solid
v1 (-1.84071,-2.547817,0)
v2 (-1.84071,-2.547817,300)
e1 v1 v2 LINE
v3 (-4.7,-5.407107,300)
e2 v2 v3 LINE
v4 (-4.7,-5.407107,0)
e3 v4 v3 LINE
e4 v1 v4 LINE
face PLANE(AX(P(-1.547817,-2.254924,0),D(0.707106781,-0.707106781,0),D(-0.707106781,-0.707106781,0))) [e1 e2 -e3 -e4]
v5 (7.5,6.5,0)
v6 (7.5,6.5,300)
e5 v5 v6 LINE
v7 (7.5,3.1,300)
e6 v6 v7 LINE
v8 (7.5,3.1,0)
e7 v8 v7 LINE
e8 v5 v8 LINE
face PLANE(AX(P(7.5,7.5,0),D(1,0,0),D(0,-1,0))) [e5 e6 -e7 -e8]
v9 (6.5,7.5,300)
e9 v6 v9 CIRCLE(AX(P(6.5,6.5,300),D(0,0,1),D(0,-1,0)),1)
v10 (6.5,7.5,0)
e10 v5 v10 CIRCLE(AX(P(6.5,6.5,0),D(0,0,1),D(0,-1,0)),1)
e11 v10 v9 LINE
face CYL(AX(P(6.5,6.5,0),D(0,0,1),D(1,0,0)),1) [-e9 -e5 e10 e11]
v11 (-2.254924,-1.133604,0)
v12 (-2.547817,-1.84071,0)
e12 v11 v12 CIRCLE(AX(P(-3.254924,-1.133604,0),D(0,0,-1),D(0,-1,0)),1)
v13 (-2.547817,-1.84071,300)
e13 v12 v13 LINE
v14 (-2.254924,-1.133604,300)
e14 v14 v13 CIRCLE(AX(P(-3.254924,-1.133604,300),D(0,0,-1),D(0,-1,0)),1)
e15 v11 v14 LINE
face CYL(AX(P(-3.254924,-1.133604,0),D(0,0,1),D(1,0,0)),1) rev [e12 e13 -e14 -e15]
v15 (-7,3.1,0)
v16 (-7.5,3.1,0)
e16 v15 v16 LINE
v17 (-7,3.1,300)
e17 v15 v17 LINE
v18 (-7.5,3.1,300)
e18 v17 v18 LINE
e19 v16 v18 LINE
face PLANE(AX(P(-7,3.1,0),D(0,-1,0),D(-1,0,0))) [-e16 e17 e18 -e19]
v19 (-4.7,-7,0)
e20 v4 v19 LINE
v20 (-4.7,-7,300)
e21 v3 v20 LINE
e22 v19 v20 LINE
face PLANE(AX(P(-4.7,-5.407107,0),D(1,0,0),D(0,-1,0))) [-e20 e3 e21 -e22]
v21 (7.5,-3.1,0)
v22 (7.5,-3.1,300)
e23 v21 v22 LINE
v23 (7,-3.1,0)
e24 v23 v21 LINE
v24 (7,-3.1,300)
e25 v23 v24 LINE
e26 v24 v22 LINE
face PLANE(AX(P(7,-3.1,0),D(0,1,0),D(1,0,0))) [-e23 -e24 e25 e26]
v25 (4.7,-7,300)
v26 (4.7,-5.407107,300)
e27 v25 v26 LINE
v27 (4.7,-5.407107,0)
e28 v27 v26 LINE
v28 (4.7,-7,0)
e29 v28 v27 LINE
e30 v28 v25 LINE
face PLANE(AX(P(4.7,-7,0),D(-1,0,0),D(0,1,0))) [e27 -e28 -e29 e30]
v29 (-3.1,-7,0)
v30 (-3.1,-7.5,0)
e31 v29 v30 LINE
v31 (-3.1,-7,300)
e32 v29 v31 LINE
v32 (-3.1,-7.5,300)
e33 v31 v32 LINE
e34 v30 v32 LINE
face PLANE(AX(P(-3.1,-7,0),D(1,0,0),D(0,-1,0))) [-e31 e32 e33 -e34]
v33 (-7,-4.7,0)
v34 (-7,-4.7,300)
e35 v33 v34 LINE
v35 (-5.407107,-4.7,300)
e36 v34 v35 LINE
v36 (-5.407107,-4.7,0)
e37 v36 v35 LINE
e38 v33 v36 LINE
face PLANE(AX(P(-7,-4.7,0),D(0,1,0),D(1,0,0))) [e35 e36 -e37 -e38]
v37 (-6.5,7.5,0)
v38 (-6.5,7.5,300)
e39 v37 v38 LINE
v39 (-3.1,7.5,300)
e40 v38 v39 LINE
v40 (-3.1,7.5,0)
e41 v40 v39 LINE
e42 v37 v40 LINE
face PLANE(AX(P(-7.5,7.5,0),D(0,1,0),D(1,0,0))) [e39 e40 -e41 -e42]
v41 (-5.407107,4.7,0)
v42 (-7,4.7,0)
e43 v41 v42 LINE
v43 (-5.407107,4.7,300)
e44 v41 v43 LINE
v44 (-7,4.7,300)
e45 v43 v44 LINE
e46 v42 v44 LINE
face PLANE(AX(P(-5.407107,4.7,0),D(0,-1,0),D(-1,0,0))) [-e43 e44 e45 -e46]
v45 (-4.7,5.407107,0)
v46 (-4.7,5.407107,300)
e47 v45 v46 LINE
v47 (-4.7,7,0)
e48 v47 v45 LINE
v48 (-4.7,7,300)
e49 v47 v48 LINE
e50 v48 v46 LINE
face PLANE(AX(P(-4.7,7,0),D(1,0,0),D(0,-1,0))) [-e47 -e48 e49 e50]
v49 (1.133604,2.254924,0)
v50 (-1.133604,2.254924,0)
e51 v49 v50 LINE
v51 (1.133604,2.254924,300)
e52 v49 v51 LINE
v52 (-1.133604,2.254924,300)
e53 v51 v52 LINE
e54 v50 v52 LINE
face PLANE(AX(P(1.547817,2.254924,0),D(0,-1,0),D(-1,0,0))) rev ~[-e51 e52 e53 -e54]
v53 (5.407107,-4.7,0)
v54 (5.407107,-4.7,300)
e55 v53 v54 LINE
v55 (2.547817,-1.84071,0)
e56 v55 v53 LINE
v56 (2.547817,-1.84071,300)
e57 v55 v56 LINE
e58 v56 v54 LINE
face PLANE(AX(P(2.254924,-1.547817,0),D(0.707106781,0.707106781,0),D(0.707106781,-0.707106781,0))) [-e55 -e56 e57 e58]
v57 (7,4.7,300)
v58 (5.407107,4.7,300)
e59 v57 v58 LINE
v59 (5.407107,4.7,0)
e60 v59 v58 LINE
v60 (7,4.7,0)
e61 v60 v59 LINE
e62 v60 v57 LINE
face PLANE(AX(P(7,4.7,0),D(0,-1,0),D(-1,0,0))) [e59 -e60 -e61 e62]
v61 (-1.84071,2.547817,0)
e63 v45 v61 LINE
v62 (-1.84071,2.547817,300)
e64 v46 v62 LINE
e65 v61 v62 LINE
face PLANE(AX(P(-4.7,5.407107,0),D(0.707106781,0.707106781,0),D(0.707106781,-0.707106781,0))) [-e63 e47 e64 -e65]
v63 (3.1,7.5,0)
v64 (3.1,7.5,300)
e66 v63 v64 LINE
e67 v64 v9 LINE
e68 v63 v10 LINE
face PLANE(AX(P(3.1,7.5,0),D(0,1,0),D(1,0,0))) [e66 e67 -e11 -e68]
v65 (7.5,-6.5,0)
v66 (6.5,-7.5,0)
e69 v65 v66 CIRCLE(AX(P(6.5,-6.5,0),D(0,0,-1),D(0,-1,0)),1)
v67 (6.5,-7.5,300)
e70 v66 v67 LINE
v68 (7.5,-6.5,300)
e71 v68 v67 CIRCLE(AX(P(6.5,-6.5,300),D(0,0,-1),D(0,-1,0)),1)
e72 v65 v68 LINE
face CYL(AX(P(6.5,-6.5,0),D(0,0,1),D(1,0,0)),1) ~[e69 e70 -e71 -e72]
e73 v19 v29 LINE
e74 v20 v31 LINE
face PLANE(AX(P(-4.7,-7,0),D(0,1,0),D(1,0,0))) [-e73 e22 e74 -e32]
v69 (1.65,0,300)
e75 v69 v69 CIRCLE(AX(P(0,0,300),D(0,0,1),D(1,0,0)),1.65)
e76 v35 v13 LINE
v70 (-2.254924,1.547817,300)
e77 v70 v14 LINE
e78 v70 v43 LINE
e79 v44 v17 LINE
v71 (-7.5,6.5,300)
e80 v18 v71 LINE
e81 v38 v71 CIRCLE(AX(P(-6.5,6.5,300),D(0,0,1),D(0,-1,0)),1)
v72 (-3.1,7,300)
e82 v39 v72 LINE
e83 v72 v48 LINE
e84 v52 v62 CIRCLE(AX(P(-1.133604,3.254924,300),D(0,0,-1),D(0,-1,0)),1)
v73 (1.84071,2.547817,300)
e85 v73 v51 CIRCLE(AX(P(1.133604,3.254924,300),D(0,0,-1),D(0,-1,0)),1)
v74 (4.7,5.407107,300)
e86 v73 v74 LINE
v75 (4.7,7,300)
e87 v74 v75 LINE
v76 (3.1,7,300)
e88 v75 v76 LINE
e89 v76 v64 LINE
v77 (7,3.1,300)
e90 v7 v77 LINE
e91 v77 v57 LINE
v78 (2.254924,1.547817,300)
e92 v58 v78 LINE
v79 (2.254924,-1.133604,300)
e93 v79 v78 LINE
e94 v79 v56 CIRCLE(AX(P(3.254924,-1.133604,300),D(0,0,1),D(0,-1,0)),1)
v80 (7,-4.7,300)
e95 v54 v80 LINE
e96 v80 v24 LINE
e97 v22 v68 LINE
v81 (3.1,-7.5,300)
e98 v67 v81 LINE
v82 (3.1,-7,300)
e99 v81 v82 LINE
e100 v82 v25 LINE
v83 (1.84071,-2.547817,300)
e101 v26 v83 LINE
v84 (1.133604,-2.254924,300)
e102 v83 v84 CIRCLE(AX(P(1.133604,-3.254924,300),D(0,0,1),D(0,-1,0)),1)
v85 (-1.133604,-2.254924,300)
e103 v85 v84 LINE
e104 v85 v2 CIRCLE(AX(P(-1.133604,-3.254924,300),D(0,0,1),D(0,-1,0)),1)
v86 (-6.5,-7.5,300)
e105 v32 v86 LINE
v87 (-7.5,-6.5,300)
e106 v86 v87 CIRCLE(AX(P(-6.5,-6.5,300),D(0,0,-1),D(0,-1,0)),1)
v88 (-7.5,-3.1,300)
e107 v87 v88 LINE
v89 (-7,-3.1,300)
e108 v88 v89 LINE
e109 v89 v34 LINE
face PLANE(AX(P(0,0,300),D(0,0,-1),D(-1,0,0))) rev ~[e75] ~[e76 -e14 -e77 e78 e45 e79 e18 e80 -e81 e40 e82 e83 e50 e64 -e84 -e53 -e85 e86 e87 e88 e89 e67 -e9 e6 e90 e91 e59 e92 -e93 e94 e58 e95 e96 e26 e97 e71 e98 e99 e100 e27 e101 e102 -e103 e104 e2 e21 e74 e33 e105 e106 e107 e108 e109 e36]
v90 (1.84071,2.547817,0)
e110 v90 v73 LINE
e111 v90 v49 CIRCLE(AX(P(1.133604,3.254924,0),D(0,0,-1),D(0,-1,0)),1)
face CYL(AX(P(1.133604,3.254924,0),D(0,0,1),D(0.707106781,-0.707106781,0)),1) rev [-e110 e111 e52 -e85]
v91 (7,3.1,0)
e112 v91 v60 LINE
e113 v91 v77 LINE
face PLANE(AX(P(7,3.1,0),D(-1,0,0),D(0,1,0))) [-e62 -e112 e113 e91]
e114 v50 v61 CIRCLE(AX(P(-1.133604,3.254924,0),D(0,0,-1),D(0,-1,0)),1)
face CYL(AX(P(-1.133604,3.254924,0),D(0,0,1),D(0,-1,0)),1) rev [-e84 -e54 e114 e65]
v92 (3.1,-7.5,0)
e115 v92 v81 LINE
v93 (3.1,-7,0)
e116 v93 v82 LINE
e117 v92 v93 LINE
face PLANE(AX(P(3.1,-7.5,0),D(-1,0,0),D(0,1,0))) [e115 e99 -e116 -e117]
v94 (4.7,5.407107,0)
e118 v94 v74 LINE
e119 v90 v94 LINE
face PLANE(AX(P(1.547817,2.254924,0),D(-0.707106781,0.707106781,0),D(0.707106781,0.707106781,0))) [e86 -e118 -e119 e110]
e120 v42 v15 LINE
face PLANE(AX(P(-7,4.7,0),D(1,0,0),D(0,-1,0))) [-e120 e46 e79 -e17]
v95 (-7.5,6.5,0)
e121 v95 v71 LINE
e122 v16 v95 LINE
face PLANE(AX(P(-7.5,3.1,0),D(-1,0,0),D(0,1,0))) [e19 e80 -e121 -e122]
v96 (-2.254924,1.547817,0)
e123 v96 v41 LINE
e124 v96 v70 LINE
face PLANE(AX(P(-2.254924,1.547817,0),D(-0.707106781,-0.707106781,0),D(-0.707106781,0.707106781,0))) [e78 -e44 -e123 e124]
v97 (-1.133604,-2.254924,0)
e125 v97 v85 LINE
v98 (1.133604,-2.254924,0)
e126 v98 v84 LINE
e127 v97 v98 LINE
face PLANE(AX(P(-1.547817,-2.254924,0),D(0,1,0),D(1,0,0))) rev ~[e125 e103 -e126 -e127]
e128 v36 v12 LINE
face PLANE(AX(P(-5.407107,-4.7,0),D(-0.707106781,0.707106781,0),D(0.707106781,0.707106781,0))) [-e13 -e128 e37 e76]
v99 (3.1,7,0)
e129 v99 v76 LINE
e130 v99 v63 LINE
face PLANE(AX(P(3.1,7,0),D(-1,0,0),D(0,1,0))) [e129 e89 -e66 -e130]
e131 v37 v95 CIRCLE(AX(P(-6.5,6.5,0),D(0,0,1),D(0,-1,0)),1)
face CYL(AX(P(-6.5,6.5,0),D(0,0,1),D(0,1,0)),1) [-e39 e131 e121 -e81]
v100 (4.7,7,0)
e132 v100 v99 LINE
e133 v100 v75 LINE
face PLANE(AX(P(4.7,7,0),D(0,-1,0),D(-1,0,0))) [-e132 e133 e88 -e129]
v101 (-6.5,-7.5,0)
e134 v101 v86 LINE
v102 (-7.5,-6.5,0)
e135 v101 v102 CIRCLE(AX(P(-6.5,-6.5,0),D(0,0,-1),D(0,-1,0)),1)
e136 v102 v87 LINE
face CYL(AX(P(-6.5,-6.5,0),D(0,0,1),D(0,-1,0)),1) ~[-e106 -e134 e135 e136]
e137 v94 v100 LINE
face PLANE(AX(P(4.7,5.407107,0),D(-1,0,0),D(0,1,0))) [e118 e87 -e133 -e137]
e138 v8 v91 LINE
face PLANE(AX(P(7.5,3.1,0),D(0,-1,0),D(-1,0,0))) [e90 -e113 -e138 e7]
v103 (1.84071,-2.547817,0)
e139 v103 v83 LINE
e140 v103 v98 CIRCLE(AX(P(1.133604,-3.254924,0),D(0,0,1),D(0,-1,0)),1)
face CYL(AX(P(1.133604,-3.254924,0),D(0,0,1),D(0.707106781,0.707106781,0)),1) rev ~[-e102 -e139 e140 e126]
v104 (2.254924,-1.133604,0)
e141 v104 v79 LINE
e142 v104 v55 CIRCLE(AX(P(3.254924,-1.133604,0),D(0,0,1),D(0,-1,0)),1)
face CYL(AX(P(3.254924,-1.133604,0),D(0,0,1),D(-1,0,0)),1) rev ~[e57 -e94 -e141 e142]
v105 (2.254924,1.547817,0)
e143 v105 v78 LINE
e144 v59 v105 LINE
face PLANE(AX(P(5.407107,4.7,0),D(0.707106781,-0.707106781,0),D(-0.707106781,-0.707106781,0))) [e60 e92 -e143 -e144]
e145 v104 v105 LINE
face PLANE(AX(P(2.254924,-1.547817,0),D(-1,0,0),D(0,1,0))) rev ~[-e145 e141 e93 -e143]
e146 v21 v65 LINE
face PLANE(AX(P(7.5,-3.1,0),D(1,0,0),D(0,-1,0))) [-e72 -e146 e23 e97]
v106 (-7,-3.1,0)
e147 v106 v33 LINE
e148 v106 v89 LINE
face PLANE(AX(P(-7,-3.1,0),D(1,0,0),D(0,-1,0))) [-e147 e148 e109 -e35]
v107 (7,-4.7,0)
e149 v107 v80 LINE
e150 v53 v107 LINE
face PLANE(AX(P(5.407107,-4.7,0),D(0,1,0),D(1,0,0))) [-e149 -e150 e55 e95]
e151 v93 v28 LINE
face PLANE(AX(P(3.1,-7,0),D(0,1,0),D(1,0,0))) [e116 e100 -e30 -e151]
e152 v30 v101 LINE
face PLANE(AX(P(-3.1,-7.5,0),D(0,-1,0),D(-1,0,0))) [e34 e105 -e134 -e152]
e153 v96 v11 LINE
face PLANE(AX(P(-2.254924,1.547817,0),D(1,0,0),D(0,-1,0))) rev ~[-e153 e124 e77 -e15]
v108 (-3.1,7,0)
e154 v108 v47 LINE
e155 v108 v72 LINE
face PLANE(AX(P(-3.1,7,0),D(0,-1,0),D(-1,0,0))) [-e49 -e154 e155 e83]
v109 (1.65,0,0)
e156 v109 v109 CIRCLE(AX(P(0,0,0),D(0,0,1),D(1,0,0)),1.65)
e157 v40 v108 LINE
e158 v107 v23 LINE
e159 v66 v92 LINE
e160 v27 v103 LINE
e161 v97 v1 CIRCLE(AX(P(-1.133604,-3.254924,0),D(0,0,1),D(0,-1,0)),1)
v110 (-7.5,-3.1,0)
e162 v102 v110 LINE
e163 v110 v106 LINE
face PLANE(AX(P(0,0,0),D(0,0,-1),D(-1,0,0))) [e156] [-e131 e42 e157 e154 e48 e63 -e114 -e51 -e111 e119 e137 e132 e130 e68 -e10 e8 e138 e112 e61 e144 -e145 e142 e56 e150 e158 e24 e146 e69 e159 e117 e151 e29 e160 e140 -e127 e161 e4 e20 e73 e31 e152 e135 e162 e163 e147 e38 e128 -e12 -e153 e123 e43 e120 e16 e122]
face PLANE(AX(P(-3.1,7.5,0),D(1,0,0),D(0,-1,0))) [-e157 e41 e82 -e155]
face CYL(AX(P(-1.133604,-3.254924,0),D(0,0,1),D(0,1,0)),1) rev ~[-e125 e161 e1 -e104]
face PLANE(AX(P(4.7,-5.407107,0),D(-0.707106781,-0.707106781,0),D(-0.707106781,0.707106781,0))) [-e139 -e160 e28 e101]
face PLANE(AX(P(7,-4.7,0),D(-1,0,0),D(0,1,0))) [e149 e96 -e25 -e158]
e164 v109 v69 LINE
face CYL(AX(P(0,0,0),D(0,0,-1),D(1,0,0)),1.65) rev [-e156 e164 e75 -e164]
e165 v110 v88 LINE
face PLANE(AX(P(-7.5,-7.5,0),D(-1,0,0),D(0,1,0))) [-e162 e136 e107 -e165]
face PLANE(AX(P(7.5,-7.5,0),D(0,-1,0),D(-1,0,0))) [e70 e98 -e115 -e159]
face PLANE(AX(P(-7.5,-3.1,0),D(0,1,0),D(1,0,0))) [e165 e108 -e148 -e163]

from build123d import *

# Parameters (mm, degrees)
SKETCH_1_R      = 1.65
EXTRUDE_1_DEPTH = 300
FILLET_1_R      = 1


with BuildPart() as part:
    # 草图1 → 凸台-拉伸1 (new body)
    with BuildSketch(Plane.XY):
        Polygon((7.5, 7.5), (7.5, 3.1), (7, 3.1), (7, 4.7), (5.407106781, 4.7), (2.254923973, 1.547817192), (2.254923973, 0), (2.254923973, -1.547817192), (5.407106781, -4.7), (7, -4.7), (7, -3.1), (7.5, -3.1), (7.5, -7.5), (3.1, -7.5), (3.1, -7), (4.7, -7), (4.7, -5.407106781), (1.547817192, -2.254923973), (0, -2.254923973), (-1.547817192, -2.254923973), (-4.7, -5.407106781), (-4.7, -7), (-3.1, -7), (-3.1, -7.5), (-7.5, -7.5), (-7.5, -3.1), (-7, -3.1), (-7, -4.7), (-5.407106781, -4.7), (-2.254923973, -1.547817192), (-2.254923973, 0), (-2.254923973, 1.547817192), (-5.407106781, 4.7), (-7, 4.7), (-7, 3.1), (-7.5, 3.1), (-7.5, 7.5), (-3.1, 7.5), (-3.1, 7), (-4.7, 7), (-4.7, 5.407106781), (-1.547817192, 2.254923973), (0, 2.254923973), (1.547817192, 2.254923973), (4.7, 5.407106781), (4.7, 7), (3.1, 7), (3.1, 7.5), align=None)
        Circle(SKETCH_1_R, mode=Mode.SUBTRACT)
    extrude(amount=EXTRUDE_1_DEPTH)

    # 圆角1
    fillet_1_edges = [part.edges().sort_by_distance(p)[0] for p in [
        (7.5, 7.5, 150),
        (2.254923973, -1.547817192, 150),
        (7.5, -7.5, 150),
        (1.547817192, -2.254923973, 150),
        (-1.547817192, -2.254923973, 150),
        (-7.5, -7.5, 150),
        (-2.254923973, -1.547817192, 150),
        (-7.5, 7.5, 150),
        (-1.547817192, 2.254923973, 150),
        (1.547817192, 2.254923973, 150),
    ]]
    fillet(fillet_1_edges, radius=FILLET_1_R)


solid = part.part
